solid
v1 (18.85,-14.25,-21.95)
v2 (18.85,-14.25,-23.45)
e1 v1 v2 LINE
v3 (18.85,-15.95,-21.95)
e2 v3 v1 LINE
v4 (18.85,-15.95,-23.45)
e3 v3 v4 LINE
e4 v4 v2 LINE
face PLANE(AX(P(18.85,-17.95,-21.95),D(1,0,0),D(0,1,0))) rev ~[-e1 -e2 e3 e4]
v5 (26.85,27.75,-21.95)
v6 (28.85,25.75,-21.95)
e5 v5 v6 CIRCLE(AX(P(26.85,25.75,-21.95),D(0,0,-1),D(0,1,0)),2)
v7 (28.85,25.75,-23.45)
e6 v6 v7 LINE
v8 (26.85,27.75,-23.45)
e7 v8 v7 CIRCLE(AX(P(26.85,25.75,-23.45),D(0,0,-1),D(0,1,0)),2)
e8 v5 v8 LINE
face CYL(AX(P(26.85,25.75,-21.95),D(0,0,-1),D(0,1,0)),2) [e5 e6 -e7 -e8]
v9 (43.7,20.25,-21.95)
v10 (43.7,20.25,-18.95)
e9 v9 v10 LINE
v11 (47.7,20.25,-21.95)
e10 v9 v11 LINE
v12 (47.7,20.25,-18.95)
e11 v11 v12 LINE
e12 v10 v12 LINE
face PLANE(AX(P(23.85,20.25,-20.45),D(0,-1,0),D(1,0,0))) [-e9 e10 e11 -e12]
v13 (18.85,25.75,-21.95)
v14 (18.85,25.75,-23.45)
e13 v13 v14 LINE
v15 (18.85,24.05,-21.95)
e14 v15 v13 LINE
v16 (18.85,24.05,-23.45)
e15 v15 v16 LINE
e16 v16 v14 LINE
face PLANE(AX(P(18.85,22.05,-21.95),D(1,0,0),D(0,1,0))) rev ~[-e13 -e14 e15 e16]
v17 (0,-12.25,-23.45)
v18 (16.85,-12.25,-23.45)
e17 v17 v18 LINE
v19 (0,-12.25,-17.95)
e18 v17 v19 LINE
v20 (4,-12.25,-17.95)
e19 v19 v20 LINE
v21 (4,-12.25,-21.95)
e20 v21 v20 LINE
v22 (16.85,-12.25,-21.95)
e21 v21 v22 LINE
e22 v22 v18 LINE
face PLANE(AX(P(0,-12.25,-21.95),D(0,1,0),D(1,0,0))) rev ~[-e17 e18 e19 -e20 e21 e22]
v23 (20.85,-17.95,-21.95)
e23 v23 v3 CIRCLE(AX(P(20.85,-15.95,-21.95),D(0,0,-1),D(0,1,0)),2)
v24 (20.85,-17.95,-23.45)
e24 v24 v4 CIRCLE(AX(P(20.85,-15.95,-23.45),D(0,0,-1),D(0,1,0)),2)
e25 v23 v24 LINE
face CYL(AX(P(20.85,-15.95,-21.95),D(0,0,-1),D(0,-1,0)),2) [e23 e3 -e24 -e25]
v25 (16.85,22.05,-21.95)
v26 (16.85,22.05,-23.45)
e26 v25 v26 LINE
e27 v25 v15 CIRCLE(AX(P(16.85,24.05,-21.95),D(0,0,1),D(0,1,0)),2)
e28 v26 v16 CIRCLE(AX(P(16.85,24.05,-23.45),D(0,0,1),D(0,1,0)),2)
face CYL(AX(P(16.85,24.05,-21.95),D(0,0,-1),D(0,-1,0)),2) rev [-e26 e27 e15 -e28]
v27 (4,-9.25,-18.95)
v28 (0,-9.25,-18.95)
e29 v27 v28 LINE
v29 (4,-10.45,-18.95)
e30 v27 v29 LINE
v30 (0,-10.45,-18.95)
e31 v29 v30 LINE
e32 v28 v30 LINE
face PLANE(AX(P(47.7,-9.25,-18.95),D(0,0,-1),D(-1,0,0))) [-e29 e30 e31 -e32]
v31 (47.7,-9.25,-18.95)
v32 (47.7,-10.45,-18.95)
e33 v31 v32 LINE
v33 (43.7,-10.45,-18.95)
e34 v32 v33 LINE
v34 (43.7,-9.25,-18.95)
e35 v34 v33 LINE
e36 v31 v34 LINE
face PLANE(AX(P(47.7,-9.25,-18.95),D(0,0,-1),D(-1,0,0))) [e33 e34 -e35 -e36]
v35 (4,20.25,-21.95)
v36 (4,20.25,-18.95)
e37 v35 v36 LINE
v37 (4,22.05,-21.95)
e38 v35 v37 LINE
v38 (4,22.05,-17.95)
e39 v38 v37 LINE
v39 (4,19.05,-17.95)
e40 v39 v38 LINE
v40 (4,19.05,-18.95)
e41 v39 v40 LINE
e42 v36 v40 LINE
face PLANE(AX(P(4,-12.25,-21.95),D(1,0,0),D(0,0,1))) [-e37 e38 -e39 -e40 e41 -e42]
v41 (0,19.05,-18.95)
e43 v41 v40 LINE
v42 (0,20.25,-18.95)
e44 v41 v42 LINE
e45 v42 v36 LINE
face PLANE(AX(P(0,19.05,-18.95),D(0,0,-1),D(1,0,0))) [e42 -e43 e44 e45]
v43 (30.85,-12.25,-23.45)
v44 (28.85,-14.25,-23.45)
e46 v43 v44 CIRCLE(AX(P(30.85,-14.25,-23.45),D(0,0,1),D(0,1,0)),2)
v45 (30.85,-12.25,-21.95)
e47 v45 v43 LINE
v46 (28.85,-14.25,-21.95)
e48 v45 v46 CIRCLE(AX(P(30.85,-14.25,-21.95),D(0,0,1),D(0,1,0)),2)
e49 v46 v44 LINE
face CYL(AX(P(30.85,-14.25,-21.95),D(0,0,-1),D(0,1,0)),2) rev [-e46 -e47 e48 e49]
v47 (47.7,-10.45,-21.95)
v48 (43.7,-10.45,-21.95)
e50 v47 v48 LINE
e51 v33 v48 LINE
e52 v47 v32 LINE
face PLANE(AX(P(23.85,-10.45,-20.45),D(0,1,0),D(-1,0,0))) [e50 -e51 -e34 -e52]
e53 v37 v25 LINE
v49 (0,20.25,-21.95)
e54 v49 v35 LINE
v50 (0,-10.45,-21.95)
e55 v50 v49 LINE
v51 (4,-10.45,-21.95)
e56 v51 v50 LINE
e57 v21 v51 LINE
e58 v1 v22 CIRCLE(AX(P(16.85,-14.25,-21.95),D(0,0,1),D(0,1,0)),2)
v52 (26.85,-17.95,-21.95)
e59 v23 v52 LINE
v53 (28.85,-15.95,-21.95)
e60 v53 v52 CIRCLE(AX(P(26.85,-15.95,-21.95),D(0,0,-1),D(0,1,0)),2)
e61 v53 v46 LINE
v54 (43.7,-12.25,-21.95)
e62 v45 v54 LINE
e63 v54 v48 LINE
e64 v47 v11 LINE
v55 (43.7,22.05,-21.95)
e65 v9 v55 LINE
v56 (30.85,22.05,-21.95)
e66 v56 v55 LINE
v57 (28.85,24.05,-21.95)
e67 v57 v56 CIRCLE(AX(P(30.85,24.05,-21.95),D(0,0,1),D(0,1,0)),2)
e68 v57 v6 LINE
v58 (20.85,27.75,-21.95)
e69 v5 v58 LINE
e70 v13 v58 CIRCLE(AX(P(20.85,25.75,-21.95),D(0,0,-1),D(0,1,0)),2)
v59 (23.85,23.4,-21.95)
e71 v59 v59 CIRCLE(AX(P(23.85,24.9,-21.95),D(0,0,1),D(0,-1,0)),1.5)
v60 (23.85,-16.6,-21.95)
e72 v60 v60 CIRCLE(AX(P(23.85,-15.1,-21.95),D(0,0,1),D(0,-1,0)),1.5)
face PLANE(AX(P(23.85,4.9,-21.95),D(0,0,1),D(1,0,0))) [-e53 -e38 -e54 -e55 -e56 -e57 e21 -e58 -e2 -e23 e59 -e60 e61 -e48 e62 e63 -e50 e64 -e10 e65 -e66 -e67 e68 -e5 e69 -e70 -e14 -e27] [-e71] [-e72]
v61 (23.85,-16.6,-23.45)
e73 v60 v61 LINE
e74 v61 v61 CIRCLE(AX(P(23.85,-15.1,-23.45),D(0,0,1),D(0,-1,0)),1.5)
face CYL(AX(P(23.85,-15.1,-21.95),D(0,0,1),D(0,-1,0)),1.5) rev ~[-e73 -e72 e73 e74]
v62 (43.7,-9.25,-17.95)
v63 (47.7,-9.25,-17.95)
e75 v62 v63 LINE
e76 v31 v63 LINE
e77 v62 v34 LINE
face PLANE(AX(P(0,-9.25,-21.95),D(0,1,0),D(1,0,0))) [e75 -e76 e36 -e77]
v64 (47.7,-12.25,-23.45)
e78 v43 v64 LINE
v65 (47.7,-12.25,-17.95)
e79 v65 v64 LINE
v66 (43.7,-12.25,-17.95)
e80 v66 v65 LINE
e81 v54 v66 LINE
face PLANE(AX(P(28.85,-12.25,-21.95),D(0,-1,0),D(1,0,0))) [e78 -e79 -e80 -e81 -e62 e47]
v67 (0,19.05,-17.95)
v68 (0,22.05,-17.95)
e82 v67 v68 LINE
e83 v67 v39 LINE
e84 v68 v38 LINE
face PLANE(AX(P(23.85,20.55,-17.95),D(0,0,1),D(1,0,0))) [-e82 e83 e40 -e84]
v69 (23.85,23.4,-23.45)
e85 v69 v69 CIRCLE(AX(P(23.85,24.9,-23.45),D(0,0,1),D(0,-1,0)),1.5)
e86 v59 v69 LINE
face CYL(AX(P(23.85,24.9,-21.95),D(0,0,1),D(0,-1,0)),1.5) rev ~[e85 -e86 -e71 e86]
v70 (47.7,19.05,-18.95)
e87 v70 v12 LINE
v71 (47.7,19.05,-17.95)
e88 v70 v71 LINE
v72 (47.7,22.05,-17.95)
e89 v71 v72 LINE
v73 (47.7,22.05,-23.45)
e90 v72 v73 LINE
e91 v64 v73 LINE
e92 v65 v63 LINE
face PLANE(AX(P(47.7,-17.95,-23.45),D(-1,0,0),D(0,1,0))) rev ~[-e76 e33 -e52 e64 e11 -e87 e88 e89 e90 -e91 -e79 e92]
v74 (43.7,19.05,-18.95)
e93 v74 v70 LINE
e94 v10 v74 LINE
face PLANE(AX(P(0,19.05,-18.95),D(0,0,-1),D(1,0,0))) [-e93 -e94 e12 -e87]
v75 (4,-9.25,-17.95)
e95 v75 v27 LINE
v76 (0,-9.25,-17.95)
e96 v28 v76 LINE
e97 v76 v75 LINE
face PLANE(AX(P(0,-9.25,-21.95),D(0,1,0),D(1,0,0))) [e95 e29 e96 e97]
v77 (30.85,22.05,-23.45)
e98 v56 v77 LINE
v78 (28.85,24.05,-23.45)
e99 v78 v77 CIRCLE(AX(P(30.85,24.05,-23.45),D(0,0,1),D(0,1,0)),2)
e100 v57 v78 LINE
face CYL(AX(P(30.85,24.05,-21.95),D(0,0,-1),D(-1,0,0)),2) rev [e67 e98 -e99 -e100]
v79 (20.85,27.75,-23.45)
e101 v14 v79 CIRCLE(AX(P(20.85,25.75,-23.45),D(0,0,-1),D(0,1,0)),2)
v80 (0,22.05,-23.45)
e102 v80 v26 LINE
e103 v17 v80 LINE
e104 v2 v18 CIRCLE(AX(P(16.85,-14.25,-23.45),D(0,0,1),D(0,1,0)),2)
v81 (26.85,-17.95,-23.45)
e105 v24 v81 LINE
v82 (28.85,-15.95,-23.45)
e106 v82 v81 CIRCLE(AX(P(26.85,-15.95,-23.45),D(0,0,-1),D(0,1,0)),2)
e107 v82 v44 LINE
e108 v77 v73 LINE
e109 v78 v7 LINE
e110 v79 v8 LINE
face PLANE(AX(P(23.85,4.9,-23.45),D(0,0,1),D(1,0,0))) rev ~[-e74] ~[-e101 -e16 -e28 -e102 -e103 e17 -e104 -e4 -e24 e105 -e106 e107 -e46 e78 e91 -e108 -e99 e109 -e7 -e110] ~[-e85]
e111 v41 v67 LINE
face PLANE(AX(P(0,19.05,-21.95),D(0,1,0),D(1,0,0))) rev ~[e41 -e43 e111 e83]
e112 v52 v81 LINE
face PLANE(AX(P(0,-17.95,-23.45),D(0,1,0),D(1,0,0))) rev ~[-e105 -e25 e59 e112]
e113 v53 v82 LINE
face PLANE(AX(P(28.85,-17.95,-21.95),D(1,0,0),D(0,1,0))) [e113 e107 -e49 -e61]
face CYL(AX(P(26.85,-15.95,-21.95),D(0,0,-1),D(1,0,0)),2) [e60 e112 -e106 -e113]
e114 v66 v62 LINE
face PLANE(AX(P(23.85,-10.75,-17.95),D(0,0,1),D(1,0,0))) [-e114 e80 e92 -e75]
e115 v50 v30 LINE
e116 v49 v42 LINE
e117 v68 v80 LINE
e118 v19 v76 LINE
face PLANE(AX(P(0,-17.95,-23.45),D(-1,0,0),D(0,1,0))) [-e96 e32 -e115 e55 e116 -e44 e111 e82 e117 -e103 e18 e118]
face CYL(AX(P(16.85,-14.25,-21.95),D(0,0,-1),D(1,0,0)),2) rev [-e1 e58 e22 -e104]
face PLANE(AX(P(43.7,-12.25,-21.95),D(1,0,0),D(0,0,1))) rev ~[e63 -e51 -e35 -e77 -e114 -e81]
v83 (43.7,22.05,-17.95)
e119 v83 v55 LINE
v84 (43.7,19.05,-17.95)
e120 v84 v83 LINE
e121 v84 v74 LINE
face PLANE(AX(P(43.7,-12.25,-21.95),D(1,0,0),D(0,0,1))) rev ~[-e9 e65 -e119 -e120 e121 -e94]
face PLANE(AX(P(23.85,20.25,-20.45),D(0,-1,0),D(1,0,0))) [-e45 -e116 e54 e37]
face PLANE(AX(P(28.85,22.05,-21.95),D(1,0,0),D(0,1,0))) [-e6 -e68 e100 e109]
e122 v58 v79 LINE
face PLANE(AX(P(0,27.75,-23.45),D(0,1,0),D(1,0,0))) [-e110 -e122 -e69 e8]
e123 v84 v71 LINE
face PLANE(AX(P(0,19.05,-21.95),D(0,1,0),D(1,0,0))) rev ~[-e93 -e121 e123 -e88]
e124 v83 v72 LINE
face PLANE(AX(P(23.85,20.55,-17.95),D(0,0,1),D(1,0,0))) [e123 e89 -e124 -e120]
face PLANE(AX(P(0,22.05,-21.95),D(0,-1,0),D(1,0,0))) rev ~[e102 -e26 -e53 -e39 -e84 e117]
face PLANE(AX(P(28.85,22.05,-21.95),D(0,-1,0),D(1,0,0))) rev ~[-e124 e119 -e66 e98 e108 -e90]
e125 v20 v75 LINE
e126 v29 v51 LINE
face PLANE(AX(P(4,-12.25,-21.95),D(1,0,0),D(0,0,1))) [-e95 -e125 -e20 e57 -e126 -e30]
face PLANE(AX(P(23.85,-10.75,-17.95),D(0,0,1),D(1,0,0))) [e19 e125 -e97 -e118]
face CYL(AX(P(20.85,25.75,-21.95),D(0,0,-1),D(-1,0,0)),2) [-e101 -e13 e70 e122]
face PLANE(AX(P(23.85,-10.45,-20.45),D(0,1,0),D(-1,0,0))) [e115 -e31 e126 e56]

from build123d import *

# Parameters (mm, degrees)
SKETCH1_W             = 47.7
SKETCH1_H             = 45.7
BOSS_EXTRUDE1_DEPTH   = 1.5
SKETCH2_W             = 47.7
SKETCH2_H             = 3
BOSS_EXTRUDE2_DEPTH   = 4
SKETCH3_W             = 47.7
SKETCH3_H             = 3
CUT_EXTRUDE1_DEPTH    = 1.2
SKETCH4_W             = 47.7
SKETCH4_H             = 3
CUT_EXTRUDE2_DEPTH    = 1.2
SKETCH5_R             = 1.5
CUT_EXTRUDE3_DEPTH    = 67.179906316
SKETCH8_W             = 39.7
SKETCH8_H             = 4
CUT_EXTRUDE5_DEPTH    = 63.494319742
SKETCH9_W             = 18.85
SKETCH9_H             = 5.7
CUT_EXTRUDE6_DEPTH    = 67.179906316
FILLET1_R             = 2
BODY_MOVE_COPY1_ANGLE = 90


with BuildPart() as part:
    # Sketch1 → Boss-Extrude1 (new body)
    with BuildSketch(Plane(origin=(0, 0, 0), x_dir=(1, 0, 0), z_dir=(0, 1, 0))):
        with Locations((23.85, 22.85)):
            Rectangle(SKETCH1_W, SKETCH1_H)
    extrude(amount=BOSS_EXTRUDE1_DEPTH)

    # Sketch2 → Boss-Extrude2 (add)
    with BuildSketch(Plane(origin=(0, 1.5, 0), x_dir=(1, 0, 0), z_dir=(0, 1, 0))):
        with Locations((23.85, 38.5)):
            Rectangle(SKETCH2_W, SKETCH2_H)
        with Locations((23.85, 7.2)):
            Rectangle(SKETCH2_W, SKETCH2_H)
    extrude(amount=BOSS_EXTRUDE2_DEPTH)

    # Sketch3 → Cut-Extrude1 (cut)
    with BuildSketch(Plane.XY.offset(-37)):
        with Locations((23.85, 3)):
            Rectangle(SKETCH3_W, SKETCH3_H)
    extrude(amount=-CUT_EXTRUDE1_DEPTH, mode=Mode.SUBTRACT)

    # Sketch4 → Cut-Extrude2 (cut)
    with BuildSketch(Plane(origin=(0, 0, -8.7), x_dir=(-1, 0, 0), z_dir=(0, 0, -1))):
        with Locations((-23.85, 3)):
            Rectangle(SKETCH4_W, SKETCH4_H)
    extrude(amount=-CUT_EXTRUDE2_DEPTH, mode=Mode.SUBTRACT)

    # Sketch5 → Cut-Extrude3 (cut, through all)
    with BuildSketch(Plane(origin=(0, 1.5, 0), x_dir=(1, 0, 0), z_dir=(0, 1, 0))):
        with Locations(Location((23.85, 42.85, 0), (0, 0, 270))):
            Circle(SKETCH5_R)
        with Locations(Location((23.85, 2.85, 0), (0, 0, 270))):
            Circle(SKETCH5_R)
    extrude(amount=-CUT_EXTRUDE3_DEPTH, mode=Mode.SUBTRACT)

    # Sketch8 → Cut-Extrude5 (cut, through all)
    with BuildSketch(Plane.XY.offset(-5.7)):
        with Locations((23.85, 3.5)):
            Rectangle(SKETCH8_W, SKETCH8_H)
    extrude(amount=-CUT_EXTRUDE5_DEPTH, mode=Mode.SUBTRACT)

    # Sketch9 → Cut-Extrude6 (cut, through all)
    with BuildSketch(Plane(origin=(0, 1.5, 0), x_dir=(1, 0, 0), z_dir=(0, 1, 0))):
        with Locations((9.425, 42.85)):
            Rectangle(SKETCH9_W, SKETCH9_H)
        with Locations((38.275, 42.85)):
            Rectangle(SKETCH9_W, SKETCH9_H)
        with Locations((38.275, 2.85)):
            Rectangle(SKETCH9_W, SKETCH9_H)
        with Locations((9.425, 2.85)):
            Rectangle(SKETCH9_W, SKETCH9_H)
    extrude(amount=-CUT_EXTRUDE6_DEPTH, mode=Mode.SUBTRACT)

    # Fillet1
    fillet1_edges = [part.edges().sort_by_distance(p)[0] for p in [
        (18.85, 0.75, 0),
        (18.85, 0.75, -5.7),
        (28.85, 0.75, 0),
        (28.85, 0.75, -5.7),
        (28.85, 0.75, -45.7),
        (28.85, 0.75, -40),
        (18.85, 0.75, -45.7),
        (18.85, 0.75, -40),
    ]]
    fillet(fillet1_edges, radius=FILLET1_R)


with BuildPart() as part_1:
    # Body-Move/Copy1: moved
    add(part.part.rotate(Axis((0, 2.75, -20.7), (1, 0, 0)), BODY_MOVE_COPY1_ANGLE))


solid = part_1.part
